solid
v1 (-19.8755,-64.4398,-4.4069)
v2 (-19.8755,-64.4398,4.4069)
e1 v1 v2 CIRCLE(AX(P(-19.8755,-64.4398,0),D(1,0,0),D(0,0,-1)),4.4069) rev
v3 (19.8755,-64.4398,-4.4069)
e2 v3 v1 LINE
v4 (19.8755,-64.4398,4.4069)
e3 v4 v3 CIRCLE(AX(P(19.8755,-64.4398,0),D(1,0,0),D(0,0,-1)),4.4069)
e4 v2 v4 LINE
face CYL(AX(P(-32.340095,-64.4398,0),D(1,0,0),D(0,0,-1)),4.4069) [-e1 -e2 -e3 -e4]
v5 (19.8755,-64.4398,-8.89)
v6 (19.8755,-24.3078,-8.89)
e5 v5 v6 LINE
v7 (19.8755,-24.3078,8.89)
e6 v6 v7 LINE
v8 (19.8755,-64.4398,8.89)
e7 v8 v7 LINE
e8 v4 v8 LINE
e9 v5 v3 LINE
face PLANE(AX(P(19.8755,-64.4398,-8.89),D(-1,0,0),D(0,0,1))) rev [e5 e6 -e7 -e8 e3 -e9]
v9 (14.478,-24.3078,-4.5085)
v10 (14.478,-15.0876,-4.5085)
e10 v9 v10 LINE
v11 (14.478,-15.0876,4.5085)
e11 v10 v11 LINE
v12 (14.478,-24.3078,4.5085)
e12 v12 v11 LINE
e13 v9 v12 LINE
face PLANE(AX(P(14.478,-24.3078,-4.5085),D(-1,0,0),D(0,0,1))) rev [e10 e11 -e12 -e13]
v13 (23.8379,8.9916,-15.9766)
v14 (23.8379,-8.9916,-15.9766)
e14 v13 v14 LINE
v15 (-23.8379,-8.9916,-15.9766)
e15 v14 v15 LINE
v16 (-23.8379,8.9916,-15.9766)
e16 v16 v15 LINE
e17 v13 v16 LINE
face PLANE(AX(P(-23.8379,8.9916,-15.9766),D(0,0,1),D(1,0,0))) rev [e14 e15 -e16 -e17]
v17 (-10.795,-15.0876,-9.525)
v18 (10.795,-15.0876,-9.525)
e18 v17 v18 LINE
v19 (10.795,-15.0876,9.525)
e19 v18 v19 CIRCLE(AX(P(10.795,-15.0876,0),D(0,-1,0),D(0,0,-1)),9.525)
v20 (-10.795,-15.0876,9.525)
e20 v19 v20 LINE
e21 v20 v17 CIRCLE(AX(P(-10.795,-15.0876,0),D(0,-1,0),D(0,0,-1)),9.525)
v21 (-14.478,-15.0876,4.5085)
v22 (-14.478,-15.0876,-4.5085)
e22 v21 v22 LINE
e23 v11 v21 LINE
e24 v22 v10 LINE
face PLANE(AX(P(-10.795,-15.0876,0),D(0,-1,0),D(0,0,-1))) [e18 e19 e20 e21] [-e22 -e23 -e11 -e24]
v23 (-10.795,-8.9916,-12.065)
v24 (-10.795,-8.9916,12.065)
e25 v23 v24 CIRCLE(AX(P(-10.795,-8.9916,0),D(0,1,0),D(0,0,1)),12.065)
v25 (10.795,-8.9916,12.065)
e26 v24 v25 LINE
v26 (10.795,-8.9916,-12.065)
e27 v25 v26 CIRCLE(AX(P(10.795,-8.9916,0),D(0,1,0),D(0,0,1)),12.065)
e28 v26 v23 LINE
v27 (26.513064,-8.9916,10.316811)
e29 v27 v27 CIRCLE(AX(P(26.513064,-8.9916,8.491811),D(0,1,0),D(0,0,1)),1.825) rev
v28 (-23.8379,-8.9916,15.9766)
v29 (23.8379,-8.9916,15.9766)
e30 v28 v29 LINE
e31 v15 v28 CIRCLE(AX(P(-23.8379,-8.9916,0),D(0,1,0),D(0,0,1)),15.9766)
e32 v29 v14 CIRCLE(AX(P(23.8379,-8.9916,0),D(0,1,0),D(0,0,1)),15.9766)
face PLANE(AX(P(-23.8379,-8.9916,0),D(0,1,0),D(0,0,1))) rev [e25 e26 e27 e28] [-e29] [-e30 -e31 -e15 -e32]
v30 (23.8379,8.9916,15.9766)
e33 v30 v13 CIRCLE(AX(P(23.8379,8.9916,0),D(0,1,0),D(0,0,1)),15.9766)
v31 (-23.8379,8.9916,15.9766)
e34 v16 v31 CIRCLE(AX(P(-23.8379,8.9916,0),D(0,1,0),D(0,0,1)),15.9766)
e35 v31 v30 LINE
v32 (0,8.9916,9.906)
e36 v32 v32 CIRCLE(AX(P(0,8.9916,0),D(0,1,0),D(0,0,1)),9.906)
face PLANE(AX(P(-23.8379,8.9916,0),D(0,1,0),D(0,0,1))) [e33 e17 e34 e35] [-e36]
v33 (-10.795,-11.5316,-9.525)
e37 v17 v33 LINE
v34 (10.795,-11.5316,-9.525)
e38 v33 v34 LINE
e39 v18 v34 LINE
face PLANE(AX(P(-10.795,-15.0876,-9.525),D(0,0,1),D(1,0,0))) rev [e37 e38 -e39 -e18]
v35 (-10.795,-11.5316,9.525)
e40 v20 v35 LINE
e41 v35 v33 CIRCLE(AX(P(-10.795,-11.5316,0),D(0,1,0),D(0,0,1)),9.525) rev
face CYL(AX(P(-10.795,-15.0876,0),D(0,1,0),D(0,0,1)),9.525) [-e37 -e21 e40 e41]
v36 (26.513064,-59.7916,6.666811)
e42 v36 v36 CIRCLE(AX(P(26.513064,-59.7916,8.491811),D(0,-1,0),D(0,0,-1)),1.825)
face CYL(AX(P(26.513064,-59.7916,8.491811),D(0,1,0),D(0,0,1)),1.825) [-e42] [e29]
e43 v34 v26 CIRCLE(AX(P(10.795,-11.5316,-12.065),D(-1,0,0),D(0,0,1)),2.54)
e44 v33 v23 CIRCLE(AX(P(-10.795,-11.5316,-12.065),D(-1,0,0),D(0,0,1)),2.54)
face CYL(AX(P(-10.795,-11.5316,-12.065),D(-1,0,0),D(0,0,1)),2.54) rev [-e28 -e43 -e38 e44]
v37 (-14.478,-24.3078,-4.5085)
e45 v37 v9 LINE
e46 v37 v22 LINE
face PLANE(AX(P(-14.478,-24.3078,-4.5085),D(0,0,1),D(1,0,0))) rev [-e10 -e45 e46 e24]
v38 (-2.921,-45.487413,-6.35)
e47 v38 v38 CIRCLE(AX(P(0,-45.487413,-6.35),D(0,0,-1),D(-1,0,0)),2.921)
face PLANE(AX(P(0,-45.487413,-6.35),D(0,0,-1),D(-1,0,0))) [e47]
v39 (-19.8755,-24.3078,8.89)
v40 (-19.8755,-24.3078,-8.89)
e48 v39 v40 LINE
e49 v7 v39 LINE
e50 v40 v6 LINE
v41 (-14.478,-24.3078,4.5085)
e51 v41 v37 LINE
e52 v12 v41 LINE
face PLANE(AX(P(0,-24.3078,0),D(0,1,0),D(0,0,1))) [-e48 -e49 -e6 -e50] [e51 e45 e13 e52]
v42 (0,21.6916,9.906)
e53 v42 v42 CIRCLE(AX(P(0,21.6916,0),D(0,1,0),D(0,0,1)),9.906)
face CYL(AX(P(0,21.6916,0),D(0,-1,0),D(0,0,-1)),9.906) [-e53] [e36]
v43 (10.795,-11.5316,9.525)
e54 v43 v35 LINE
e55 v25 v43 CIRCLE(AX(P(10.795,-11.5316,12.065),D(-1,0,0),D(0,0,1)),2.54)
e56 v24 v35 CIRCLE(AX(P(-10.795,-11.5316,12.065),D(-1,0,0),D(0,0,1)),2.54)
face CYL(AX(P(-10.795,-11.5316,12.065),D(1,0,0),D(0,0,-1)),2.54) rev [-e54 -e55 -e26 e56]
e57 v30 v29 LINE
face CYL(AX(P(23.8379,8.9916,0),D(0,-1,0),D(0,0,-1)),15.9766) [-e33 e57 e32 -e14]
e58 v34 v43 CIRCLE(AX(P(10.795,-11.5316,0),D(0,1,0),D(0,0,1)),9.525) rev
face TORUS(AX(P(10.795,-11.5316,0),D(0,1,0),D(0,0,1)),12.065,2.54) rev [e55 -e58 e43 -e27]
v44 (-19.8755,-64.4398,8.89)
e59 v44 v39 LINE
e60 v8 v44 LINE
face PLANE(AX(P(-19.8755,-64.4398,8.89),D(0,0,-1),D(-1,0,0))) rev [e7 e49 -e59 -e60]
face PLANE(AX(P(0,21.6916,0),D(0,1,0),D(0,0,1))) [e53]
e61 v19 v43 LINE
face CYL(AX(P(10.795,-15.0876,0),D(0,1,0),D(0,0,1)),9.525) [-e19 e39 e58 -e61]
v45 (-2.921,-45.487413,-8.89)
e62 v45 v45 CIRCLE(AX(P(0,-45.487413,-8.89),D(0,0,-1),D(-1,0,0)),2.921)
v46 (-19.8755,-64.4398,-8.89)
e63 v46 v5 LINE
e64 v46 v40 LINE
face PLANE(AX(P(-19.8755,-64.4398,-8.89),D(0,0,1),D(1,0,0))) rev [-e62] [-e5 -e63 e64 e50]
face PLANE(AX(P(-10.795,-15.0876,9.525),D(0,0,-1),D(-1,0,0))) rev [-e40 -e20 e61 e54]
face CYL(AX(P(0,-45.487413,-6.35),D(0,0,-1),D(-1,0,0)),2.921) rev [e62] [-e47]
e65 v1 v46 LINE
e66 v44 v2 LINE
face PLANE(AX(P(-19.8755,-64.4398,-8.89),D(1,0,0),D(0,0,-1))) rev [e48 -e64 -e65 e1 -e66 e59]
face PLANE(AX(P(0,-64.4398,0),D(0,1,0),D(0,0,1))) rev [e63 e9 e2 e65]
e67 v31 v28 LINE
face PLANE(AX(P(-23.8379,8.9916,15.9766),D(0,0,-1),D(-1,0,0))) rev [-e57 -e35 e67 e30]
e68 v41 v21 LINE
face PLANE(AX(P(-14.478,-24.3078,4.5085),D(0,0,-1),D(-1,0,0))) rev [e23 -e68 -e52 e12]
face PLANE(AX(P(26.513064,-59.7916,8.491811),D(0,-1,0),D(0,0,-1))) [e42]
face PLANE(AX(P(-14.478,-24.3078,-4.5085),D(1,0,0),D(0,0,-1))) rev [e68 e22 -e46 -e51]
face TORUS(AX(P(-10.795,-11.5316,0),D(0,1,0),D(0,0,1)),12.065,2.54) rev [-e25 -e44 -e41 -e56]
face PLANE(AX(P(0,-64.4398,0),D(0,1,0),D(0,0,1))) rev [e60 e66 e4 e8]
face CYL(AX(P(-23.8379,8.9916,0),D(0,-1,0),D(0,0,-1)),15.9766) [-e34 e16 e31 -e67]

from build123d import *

# Parameters (mm, degrees)
BOSS_EXTRU_1_DEPTH      = 8.9916
ESQUISSE2_R             = 9.906
BOSS_EXTRU_2_DEPTH      = 12.7
BOSS_EXTRU_3_DEPTH      = 6.096
CONG_1_R                = 2.54
ESQUISSE4_W             = 28.956
ESQUISSE4_H             = 9.017
BOSS_EXTRU_4_DEPTH      = 9.2202
ESQUISSE5_W             = 39.751
ESQUISSE5_H             = 17.78
BOSS_EXTRU_5_DEPTH      = 40.132
ESQUISSE6_R             = 4.4069
BOSS_EXTRU_6_DEPTH      = 39.751
ESQUISSE7_R             = 2.921
ENL_V_MAT_EXTRU_1_DEPTH = 2.54
ESQUISSE8_R             = 1.825
BOSS_EXTRU_7_DEPTH      = 50.8


with BuildPart() as part:
    # Esquisse1 → Boss.-Extru.1 (new, symmetric)
    with BuildSketch(Plane(origin=(0, 0, 0), x_dir=(1, 0, 0), z_dir=(0, 1, 0))):
        with BuildLine():
            Line((-23.8379, 15.9766), (23.8379, 15.9766))
            ThreePointArc((23.8379, 15.9766), (39.8145, 0), (23.8379, -15.9766))
            Line((23.8379, -15.9766), (-23.8379, -15.9766))
            ThreePointArc((-23.8379, -15.9766), (-39.8145, 0), (-23.8379, 15.9766))
        make_face()
    extrude(amount=BOSS_EXTRU_1_DEPTH, both=True)

    # Esquisse2 → Boss.-Extru.2 (add)
    with BuildSketch(Plane(origin=(0, 8.9916, 0), x_dir=(1, 0, 0), z_dir=(0, 1, 0))):
        with Locations(Location((0, 0, 0), (0, 0, 270))):
            Circle(ESQUISSE2_R)
    extrude(amount=BOSS_EXTRU_2_DEPTH)

    # Esquisse3 → Boss.-Extru.3 (add)
    with BuildSketch(Plane.XZ.offset(8.9916)):
        with BuildLine():
            Line((-10.795, 9.525), (10.795, 9.525))
            ThreePointArc((10.795, 9.525), (20.32, 0), (10.795, -9.525))
            Line((10.795, -9.525), (-10.795, -9.525))
            ThreePointArc((-10.795, -9.525), (-20.32, 0), (-10.795, 9.525))
        make_face()
    extrude(amount=BOSS_EXTRU_3_DEPTH)

    # Congé1
    cong_1_edges = [part.edges().sort_by_distance(p)[0] for p in [
        (-20.32, -8.9916, 0),
        (0, -8.9916, -9.525),
        (20.32, -8.9916, 0),
        (0, -8.9916, 9.525),
    ]]
    fillet(cong_1_edges, radius=CONG_1_R)

    # Esquisse4 → Boss.-Extru.4 (add)
    with BuildSketch(Plane.XZ.offset(15.0876)):
        Rectangle(ESQUISSE4_W, ESQUISSE4_H)
    extrude(amount=BOSS_EXTRU_4_DEPTH)

    # Esquisse5 → Boss.-Extru.5 (add)
    with BuildSketch(Plane.XZ.offset(24.3078)):
        Rectangle(ESQUISSE5_W, ESQUISSE5_H)
    extrude(amount=BOSS_EXTRU_5_DEPTH)

    # Esquisse6 → Boss.-Extru.6 (add)
    with BuildSketch(Plane(origin=(19.8755, 0, 0), x_dir=(0, 0, -1), z_dir=(1, 0, 0))):
        with Locations((0, -64.4398)):
            Circle(ESQUISSE6_R)
    extrude(amount=-BOSS_EXTRU_6_DEPTH)

    # Esquisse7 → Enlèv. mat.-Extru.1 (cut)
    with BuildSketch(Plane(origin=(0, 0, -8.89), x_dir=(-1, 0, 0), z_dir=(0, 0, -1))):
        with Locations((0, -45.487412675)):
            Circle(ESQUISSE7_R)
    extrude(amount=-ENL_V_MAT_EXTRU_1_DEPTH, mode=Mode.SUBTRACT)

    # Esquisse8 → Boss.-Extru.7 (add)
    with BuildSketch(Plane.XZ.offset(8.9916)):
        with Locations(Location((26.513063704, 8.491811342, 0), (0, 0, 90))):
            Circle(ESQUISSE8_R)
    extrude(amount=BOSS_EXTRU_7_DEPTH)


solid = part.part
